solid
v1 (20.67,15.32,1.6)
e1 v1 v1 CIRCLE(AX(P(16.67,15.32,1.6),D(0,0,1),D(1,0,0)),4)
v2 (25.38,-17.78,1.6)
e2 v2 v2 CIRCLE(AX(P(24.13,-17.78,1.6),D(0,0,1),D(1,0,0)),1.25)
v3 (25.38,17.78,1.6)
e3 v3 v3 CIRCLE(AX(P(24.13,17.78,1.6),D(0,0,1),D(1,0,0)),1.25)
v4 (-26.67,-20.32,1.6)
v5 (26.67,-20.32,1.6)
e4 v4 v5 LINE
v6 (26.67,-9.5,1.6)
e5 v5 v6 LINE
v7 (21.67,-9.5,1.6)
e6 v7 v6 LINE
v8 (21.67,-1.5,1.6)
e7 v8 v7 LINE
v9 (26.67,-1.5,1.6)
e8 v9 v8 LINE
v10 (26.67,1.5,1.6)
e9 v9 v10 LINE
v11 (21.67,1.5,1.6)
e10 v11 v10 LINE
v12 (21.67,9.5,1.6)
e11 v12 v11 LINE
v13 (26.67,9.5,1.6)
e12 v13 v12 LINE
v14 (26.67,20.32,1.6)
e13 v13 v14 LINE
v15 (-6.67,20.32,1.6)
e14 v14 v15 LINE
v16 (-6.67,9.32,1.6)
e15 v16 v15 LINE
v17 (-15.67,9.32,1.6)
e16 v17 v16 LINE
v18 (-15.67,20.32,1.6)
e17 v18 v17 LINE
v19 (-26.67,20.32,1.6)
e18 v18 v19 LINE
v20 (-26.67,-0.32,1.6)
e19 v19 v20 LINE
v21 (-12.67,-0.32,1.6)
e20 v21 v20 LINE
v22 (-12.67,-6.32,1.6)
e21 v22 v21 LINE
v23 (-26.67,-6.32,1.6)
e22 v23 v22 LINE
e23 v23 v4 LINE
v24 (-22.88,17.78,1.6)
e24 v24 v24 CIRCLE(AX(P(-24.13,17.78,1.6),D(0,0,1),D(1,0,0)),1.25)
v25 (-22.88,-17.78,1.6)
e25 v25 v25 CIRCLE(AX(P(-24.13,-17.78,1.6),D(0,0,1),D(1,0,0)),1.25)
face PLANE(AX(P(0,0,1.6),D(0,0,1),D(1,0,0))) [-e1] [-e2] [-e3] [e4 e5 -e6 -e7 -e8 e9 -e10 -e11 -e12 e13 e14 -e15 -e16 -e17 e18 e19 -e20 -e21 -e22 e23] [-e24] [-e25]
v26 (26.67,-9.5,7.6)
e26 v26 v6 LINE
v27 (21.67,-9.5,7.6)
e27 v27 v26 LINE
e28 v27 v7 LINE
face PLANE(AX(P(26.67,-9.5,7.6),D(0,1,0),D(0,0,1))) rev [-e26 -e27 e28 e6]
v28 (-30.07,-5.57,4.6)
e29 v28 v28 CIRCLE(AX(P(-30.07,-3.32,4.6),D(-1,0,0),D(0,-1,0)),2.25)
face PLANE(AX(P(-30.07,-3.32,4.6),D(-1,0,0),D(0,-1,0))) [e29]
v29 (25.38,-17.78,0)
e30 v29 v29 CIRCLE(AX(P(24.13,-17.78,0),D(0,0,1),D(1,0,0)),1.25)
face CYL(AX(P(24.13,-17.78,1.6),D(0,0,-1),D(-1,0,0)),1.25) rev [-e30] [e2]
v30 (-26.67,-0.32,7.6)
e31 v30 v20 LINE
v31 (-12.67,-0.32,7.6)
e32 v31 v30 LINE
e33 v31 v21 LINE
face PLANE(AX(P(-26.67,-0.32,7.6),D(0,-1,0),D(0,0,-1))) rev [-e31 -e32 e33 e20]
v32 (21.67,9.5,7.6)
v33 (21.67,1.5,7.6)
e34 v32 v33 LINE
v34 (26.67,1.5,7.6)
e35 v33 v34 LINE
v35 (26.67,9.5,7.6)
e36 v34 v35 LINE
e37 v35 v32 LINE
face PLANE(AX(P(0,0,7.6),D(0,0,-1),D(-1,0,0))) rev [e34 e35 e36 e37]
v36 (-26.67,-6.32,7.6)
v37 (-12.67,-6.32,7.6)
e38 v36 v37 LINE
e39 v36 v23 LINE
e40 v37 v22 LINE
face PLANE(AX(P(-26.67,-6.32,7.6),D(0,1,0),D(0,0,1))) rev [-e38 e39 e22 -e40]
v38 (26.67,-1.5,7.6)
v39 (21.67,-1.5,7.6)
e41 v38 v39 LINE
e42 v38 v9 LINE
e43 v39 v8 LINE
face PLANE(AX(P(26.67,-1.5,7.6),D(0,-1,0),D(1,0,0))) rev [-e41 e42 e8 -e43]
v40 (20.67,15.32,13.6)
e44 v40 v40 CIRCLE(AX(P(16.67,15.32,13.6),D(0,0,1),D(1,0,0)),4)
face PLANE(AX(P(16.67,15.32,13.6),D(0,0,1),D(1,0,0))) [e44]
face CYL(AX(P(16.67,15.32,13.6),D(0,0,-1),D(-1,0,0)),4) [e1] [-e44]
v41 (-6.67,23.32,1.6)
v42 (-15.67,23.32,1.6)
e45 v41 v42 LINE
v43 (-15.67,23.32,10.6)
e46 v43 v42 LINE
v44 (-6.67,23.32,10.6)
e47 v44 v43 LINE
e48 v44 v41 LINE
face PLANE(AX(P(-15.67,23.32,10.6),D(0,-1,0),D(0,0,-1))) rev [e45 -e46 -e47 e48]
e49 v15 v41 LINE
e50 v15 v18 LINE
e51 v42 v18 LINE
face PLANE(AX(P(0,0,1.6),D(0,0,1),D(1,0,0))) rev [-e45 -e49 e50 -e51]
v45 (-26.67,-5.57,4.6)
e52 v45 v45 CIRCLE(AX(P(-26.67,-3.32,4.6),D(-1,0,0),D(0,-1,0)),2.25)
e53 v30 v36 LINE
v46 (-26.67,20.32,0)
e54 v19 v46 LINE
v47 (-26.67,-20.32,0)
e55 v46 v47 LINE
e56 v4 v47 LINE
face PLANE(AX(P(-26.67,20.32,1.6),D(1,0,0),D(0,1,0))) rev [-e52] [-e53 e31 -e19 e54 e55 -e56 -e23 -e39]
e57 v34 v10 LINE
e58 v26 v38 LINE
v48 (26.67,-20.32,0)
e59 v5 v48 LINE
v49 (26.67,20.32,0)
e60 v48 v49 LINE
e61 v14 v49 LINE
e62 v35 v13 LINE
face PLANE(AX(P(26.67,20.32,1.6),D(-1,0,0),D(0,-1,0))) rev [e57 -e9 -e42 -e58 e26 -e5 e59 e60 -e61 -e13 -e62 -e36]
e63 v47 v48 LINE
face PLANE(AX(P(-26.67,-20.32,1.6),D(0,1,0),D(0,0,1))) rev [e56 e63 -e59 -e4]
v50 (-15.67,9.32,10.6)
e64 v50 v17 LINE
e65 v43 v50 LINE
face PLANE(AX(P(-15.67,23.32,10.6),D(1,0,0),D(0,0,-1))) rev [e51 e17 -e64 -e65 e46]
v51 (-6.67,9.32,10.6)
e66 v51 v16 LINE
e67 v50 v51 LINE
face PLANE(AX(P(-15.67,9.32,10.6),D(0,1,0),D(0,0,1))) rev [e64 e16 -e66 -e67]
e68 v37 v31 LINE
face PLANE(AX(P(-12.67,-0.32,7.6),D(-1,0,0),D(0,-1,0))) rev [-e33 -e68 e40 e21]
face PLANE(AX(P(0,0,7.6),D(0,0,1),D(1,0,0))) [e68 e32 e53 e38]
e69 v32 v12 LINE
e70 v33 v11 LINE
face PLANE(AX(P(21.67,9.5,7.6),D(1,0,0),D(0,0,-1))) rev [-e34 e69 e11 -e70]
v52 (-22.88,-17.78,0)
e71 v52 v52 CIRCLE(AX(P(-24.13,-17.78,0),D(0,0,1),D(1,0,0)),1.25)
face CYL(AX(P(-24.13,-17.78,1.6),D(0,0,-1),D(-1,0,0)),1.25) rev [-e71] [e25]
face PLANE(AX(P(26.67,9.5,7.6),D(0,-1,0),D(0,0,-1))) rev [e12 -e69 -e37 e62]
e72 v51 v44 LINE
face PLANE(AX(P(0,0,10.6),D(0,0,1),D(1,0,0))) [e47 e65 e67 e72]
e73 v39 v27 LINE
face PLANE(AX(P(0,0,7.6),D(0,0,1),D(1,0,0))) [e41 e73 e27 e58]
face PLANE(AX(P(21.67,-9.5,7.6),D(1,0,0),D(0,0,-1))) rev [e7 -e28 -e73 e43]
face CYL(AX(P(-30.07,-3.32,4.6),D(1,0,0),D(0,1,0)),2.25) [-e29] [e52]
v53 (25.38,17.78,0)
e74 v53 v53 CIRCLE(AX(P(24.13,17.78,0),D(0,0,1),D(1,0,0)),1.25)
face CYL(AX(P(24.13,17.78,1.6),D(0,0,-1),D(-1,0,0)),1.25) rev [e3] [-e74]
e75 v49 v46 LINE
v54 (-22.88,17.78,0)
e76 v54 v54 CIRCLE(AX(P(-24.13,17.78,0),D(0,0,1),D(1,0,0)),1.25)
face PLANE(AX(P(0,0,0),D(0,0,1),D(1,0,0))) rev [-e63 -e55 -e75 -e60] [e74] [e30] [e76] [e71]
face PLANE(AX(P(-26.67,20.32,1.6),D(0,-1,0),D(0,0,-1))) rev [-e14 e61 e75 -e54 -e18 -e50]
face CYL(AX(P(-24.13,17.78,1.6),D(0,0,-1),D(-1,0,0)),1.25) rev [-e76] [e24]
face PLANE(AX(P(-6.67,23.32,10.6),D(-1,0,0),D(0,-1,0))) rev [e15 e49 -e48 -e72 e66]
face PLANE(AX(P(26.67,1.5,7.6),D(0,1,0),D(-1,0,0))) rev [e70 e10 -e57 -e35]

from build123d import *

# Parameters (mm, degrees)
ESQUISSE1_W        = 53.34
ESQUISSE1_H        = 40.64
ESQUISSE1_R        = 1.25
BOSS_EXTRU_1_DEPTH = 1.6
ESQUISSE2_W        = 14
ESQUISSE2_H        = 6
ESQUISSE2_W_2      = 5
ESQUISSE2_H_2      = 8
BOSS_EXTRU_2_DEPTH = 6
ESQUISSE3_R        = 2.25
BOSS_EXTRU_3_DEPTH = 3.4
ESQUISSE4_W        = 9
ESQUISSE4_H        = 14
BOSS_EXTRU_4_DEPTH = 9
ESQUISSE5_R        = 4
BOSS_EXTRU_5_DEPTH = 12


with BuildPart() as part:
    # Esquisse1 → Boss.-Extru.1 (new body)
    with BuildSketch(Plane.XY):
        Rectangle(ESQUISSE1_W, ESQUISSE1_H)
        with Locations((-24.13, 17.78)):
            Circle(ESQUISSE1_R, mode=Mode.SUBTRACT)
        with Locations((24.13, -17.78)):
            Circle(ESQUISSE1_R, mode=Mode.SUBTRACT)
        with Locations((24.13, 17.78)):
            Circle(ESQUISSE1_R, mode=Mode.SUBTRACT)
        with Locations((-24.13, -17.78)):
            Circle(ESQUISSE1_R, mode=Mode.SUBTRACT)
    extrude(amount=BOSS_EXTRU_1_DEPTH)

    # Esquisse2 → Boss.-Extru.2 (add)
    with BuildSketch(Plane.XY.offset(1.6)):
        with Locations((-19.67, -3.32)):
            Rectangle(ESQUISSE2_W, ESQUISSE2_H)
        with Locations((24.17, 5.5)):
            Rectangle(ESQUISSE2_W_2, ESQUISSE2_H_2)
        with Locations((24.17, -5.5)):
            Rectangle(ESQUISSE2_W_2, ESQUISSE2_H_2)
    extrude(amount=BOSS_EXTRU_2_DEPTH)

    # Esquisse3 → Boss.-Extru.3 (add)
    with BuildSketch(Plane.ZY.offset(26.67)):
        with Locations(Location((4.6, -3.32, 0), (0, 0, 270))):
            Circle(ESQUISSE3_R)
    extrude(amount=BOSS_EXTRU_3_DEPTH)

    # Esquisse4 → Boss.-Extru.4 (add)
    with BuildSketch(Plane.XY.offset(1.6)):
        with Locations((-11.17, 16.32)):
            Rectangle(ESQUISSE4_W, ESQUISSE4_H)
    extrude(amount=BOSS_EXTRU_4_DEPTH)

    # Esquisse5 → Boss.-Extru.5 (add)
    with BuildSketch(Plane.XY.offset(1.6)):
        with Locations((16.67, 15.32)):
            Circle(ESQUISSE5_R)
    extrude(amount=BOSS_EXTRU_5_DEPTH)


solid = part.part
